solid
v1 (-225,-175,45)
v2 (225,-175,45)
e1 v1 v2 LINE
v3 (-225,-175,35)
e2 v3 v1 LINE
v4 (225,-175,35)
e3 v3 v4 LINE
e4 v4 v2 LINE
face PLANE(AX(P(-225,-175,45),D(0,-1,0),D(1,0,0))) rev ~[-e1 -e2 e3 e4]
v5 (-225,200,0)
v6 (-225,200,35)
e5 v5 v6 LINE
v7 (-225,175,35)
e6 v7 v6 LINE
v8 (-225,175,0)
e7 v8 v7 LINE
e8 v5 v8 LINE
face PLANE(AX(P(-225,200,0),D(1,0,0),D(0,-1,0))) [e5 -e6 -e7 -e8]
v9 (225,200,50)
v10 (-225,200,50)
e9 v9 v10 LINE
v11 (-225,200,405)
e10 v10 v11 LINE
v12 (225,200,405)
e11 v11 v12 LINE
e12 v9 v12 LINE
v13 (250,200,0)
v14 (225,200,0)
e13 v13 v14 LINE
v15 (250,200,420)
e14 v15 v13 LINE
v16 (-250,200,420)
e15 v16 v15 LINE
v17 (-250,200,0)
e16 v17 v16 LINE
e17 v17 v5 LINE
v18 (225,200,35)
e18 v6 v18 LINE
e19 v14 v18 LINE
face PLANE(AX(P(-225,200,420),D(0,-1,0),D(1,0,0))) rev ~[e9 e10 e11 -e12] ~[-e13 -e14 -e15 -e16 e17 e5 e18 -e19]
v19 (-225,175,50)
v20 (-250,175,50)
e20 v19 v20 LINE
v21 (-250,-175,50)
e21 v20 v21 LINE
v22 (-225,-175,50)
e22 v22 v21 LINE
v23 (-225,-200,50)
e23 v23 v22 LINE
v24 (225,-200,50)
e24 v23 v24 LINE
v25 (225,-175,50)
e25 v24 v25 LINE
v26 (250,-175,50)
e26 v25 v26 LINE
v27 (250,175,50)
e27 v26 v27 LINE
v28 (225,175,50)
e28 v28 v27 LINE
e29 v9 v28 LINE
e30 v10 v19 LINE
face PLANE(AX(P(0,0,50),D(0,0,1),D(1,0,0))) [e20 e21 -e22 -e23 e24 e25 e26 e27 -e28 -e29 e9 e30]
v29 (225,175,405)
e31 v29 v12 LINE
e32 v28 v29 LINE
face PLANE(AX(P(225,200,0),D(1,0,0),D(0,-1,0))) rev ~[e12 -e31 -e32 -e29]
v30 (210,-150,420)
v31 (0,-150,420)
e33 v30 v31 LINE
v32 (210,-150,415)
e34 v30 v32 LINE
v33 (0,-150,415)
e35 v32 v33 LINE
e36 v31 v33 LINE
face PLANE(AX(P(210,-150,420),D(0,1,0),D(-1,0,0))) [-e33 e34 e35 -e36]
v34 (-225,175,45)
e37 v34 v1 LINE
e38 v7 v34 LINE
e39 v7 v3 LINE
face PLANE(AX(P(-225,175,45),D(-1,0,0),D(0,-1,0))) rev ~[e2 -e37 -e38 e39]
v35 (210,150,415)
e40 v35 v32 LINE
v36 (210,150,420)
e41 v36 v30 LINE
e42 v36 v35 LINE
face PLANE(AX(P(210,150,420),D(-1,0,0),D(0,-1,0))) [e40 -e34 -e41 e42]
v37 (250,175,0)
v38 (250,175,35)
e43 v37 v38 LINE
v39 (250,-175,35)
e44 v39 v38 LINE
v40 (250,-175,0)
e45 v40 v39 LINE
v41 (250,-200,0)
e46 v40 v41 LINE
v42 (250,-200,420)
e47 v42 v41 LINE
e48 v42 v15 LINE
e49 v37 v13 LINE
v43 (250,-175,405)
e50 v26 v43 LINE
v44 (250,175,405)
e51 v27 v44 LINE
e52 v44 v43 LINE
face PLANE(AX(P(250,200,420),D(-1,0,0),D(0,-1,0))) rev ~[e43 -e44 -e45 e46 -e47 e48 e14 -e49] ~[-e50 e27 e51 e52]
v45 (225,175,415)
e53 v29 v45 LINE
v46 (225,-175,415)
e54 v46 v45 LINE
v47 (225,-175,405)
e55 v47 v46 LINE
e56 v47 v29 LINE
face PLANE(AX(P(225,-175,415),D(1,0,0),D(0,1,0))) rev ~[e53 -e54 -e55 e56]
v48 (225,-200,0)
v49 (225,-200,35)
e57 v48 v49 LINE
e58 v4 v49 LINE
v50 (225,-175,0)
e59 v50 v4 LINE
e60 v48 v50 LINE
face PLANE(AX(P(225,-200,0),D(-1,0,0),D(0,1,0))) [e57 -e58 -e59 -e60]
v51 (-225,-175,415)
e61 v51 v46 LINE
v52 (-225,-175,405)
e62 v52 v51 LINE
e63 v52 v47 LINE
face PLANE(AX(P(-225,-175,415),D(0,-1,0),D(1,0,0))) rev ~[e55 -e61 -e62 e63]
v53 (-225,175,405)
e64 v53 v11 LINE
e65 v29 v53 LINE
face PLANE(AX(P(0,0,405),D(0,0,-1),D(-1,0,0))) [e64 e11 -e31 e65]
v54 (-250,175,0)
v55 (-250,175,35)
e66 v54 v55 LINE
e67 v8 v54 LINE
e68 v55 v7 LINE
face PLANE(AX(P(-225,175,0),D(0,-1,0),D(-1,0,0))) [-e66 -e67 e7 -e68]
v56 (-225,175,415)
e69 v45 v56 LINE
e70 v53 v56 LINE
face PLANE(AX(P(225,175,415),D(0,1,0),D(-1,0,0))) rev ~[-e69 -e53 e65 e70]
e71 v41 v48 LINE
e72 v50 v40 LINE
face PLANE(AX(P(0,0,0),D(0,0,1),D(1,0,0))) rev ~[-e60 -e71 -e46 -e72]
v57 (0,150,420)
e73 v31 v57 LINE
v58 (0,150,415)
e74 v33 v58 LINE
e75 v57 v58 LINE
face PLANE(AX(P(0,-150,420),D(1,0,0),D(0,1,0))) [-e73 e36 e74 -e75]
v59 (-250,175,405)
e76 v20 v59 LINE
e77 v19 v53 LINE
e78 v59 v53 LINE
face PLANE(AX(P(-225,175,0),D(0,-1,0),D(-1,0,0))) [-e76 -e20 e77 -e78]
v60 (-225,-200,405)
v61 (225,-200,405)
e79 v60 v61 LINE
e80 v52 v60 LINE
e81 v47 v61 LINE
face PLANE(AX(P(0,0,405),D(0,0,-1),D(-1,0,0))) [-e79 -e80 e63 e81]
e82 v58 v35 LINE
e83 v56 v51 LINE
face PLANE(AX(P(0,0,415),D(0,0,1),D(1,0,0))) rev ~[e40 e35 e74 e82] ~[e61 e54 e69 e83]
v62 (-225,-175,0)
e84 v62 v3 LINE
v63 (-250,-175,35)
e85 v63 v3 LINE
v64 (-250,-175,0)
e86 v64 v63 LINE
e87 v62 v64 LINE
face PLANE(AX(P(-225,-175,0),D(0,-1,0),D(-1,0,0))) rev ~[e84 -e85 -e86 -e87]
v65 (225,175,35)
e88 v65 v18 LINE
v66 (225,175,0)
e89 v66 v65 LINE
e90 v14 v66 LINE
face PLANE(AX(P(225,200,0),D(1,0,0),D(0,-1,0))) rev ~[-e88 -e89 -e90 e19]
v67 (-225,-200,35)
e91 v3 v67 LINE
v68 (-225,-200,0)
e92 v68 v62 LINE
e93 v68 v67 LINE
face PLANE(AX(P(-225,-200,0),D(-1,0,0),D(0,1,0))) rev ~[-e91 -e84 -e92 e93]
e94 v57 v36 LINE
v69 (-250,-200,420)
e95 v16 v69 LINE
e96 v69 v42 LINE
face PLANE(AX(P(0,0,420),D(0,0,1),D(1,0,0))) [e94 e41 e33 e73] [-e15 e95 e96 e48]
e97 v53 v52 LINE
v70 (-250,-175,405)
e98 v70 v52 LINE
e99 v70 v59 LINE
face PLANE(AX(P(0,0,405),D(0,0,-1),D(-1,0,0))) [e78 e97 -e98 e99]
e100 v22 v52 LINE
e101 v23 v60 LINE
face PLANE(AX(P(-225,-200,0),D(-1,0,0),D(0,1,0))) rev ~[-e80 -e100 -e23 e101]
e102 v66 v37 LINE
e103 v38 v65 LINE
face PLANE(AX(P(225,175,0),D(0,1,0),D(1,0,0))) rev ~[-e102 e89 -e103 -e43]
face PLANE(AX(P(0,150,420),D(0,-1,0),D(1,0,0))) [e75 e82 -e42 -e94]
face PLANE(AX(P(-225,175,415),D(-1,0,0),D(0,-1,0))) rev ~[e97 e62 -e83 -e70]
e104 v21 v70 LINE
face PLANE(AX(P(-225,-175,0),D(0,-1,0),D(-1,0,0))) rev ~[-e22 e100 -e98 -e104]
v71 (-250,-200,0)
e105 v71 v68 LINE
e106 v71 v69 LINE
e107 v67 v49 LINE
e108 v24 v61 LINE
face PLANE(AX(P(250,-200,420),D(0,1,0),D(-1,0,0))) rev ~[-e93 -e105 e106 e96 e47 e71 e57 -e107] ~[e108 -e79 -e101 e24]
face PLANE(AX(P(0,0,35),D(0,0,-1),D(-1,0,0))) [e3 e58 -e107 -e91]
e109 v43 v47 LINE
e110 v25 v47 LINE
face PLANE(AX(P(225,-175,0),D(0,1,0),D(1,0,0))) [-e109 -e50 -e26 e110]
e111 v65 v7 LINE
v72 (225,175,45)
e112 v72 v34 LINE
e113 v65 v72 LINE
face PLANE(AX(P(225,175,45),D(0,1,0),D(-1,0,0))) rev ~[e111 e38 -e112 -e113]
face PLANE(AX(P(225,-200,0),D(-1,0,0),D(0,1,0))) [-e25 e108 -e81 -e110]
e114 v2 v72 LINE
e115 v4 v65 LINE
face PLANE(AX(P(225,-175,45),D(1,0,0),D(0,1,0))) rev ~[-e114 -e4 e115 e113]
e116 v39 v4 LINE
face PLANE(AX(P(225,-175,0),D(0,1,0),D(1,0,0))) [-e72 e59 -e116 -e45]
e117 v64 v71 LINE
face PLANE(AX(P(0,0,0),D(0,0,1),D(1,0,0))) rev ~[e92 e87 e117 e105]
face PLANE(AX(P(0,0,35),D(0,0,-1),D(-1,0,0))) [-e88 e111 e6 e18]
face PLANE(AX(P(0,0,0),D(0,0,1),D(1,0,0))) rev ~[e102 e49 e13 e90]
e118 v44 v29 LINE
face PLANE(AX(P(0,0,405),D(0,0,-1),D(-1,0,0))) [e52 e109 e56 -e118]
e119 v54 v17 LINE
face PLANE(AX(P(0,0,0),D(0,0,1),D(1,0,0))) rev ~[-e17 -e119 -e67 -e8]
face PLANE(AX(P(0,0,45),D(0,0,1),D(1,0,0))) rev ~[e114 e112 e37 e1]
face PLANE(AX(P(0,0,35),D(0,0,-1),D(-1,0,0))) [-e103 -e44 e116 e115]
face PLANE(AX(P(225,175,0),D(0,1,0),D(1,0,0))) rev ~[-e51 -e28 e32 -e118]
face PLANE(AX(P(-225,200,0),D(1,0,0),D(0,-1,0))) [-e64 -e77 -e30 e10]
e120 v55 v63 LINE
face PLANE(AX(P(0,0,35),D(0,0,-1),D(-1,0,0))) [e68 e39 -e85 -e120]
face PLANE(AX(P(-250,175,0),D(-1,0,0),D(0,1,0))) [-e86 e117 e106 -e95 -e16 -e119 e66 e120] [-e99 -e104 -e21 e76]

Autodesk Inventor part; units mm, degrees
ref_plane "YZ Plane" through (0, 0, 0) normal (1, 0, 0) x (0, 1, 0)
ref_plane "XZ Plane" through (0, 0, 0) normal (0, 1, 0) x (-1, 0, 0)
sketch "Sketch1" plane through (0, 0, 0) normal (0, 0, 1) x (1, 0, 0)
  line L0 (0, -10) -> (0, 10)
  line L1 (10, 0) -> (-10, 0)
  line L2 (225, 175) -> (250, 175)
  line L3 (250, 175) -> (250, 200)
  line L4 (250, 200) -> (225, 200)
  line L5 (225, 200) -> (225, 175)
  line L6 (-225, 175) -> (-250, 175)
  line L7 (-250, 175) -> (-250, 200)
  line L8 (-250, 200) -> (-225, 200)
  line L9 (-225, 200) -> (-225, 175)
  line L10 (225, -175) -> (250, -175)
  line L11 (250, -175) -> (250, -200)
  line L12 (250, -200) -> (225, -200)
  line L13 (225, -200) -> (225, -175)
  line L14 (-225, -200) -> (-225, -175)
  line L15 (-250, -200) -> (-225, -200)
  line L16 (-250, -175) -> (-250, -200)
  line L17 (-225, -175) -> (-250, -175)
  point P0 (0, 0)
  dimension "d0" = 20
  dimension "d1" = 20
  dimension "d2" = 25
  dimension "d3" = 25
  dimension "d4" = 500
  dimension "d5" = 400
extrude "Extrusion1" add sketch "Sketch1" along normal blind 420
ref_plane "Work Plane1" through (0, 0, 50) normal (0, 0, 1) x (1, 0, 0)
sketch "Sketch6" plane through (0, 0, 50) normal (0, 0, 1) x (1, 0, 0)
  line L0 (-250, -175) -> (-250, -200) projected
  line L1 (250, 175) -> (250, 200) projected
  line L2 (-250, -200) -> (250, -200)
  line L3 (250, -200) -> (250, 200)
  line L4 (250, 200) -> (-250, 200)
  line L5 (-250, 200) -> (-250, -200)
  point P0 (0, 0)
extrude "Extrusion6" add sketch "Sketch6" against normal blind 5
sketch "Sketch7" plane through (0, 0, 45) normal (0, 0, -1) x (-1, 0, 0)
  line L0 (250, -200) -> (225, -200) projected
  line L1 (-250, 200) -> (-225, 200) projected
  line L2 (250, -200) -> (-250, -200)
  line L3 (-250, -200) -> (-250, 200)
  line L4 (-250, 200) -> (250, 200)
  line L5 (250, 200) -> (250, -200)
  line L6 (225, -175) -> (250, -175) projected
  line L7 (-225, 175) -> (-225, 200) projected
  line L8 (225, -175) -> (-225, -175)
  line L9 (-225, -175) -> (-225, 175)
  line L10 (-225, 175) -> (225, 175)
  line L11 (225, 175) -> (225, -175)
  point P0 (0, 0)
extrude "Extrusion7" add sketch "Sketch7" along normal blind 10 contours L0 L2 L3 L1 L7 L9 L8 L6 L5 | L6 L11 L10 L7 L4 L5
sketch "Sketch8" plane through (0, 0, 420) normal (0, 0, 1) x (1, 0, 0)
  line L0 (-225, 200) -> (-250, 200) projected
  line L1 (250, -200) -> (250, -175) projected
  line L2 (-250, 200) -> (250, 200)
  line L3 (250, 200) -> (250, -200)
  line L4 (250, -200) -> (-250, -200)
  line L5 (-250, -200) -> (-250, 200)
  line L6 (0, 150) -> (210, 150)
  line L7 (210, 150) -> (210, -150)
  line L8 (210, -150) -> (0, -150)
  line L9 (0, -150) -> (0, 150)
  point P0 (0, 0)
  dimension "d26" = 50
  dimension "d29" = 40
  dimension "d30" = 50
  dimension "d31" = 210
  dimension "d32" = 300
extrude "Extrusion8" add sketch "Sketch8" against normal blind 5
sketch "Sketch9" plane through (0, 0, 415) normal (0, 0, -1) x (-1, 0, 0)
  line L0 (250, -175) -> (250, -200) projected
  line L1 (-250, 200) -> (-225, 200) projected
  line L2 (250, -200) -> (-250, -200)
  line L3 (-250, -200) -> (-250, 200)
  line L4 (-250, 200) -> (250, 200)
  line L5 (250, 200) -> (250, -200)
  line L6 (225, -175) -> (250, -175) projected
  line L7 (-250, 175) -> (-225, 175) projected
  line L8 (225, -175) -> (-225, -175)
  line L9 (-225, -175) -> (-225, 175)
  line L10 (-225, 175) -> (225, 175)
  line L11 (225, 175) -> (225, -175)
  point P0 (0, 0)
extrude "Extrusion9" add sketch "Sketch9" along normal blind 10 contours L6 L11 L10 L7 L3 L1 L4 L5 | L0 L2 L3 L7 L9 L8 L6
equation "\"d30\" = d26"
properties part number "Table"
